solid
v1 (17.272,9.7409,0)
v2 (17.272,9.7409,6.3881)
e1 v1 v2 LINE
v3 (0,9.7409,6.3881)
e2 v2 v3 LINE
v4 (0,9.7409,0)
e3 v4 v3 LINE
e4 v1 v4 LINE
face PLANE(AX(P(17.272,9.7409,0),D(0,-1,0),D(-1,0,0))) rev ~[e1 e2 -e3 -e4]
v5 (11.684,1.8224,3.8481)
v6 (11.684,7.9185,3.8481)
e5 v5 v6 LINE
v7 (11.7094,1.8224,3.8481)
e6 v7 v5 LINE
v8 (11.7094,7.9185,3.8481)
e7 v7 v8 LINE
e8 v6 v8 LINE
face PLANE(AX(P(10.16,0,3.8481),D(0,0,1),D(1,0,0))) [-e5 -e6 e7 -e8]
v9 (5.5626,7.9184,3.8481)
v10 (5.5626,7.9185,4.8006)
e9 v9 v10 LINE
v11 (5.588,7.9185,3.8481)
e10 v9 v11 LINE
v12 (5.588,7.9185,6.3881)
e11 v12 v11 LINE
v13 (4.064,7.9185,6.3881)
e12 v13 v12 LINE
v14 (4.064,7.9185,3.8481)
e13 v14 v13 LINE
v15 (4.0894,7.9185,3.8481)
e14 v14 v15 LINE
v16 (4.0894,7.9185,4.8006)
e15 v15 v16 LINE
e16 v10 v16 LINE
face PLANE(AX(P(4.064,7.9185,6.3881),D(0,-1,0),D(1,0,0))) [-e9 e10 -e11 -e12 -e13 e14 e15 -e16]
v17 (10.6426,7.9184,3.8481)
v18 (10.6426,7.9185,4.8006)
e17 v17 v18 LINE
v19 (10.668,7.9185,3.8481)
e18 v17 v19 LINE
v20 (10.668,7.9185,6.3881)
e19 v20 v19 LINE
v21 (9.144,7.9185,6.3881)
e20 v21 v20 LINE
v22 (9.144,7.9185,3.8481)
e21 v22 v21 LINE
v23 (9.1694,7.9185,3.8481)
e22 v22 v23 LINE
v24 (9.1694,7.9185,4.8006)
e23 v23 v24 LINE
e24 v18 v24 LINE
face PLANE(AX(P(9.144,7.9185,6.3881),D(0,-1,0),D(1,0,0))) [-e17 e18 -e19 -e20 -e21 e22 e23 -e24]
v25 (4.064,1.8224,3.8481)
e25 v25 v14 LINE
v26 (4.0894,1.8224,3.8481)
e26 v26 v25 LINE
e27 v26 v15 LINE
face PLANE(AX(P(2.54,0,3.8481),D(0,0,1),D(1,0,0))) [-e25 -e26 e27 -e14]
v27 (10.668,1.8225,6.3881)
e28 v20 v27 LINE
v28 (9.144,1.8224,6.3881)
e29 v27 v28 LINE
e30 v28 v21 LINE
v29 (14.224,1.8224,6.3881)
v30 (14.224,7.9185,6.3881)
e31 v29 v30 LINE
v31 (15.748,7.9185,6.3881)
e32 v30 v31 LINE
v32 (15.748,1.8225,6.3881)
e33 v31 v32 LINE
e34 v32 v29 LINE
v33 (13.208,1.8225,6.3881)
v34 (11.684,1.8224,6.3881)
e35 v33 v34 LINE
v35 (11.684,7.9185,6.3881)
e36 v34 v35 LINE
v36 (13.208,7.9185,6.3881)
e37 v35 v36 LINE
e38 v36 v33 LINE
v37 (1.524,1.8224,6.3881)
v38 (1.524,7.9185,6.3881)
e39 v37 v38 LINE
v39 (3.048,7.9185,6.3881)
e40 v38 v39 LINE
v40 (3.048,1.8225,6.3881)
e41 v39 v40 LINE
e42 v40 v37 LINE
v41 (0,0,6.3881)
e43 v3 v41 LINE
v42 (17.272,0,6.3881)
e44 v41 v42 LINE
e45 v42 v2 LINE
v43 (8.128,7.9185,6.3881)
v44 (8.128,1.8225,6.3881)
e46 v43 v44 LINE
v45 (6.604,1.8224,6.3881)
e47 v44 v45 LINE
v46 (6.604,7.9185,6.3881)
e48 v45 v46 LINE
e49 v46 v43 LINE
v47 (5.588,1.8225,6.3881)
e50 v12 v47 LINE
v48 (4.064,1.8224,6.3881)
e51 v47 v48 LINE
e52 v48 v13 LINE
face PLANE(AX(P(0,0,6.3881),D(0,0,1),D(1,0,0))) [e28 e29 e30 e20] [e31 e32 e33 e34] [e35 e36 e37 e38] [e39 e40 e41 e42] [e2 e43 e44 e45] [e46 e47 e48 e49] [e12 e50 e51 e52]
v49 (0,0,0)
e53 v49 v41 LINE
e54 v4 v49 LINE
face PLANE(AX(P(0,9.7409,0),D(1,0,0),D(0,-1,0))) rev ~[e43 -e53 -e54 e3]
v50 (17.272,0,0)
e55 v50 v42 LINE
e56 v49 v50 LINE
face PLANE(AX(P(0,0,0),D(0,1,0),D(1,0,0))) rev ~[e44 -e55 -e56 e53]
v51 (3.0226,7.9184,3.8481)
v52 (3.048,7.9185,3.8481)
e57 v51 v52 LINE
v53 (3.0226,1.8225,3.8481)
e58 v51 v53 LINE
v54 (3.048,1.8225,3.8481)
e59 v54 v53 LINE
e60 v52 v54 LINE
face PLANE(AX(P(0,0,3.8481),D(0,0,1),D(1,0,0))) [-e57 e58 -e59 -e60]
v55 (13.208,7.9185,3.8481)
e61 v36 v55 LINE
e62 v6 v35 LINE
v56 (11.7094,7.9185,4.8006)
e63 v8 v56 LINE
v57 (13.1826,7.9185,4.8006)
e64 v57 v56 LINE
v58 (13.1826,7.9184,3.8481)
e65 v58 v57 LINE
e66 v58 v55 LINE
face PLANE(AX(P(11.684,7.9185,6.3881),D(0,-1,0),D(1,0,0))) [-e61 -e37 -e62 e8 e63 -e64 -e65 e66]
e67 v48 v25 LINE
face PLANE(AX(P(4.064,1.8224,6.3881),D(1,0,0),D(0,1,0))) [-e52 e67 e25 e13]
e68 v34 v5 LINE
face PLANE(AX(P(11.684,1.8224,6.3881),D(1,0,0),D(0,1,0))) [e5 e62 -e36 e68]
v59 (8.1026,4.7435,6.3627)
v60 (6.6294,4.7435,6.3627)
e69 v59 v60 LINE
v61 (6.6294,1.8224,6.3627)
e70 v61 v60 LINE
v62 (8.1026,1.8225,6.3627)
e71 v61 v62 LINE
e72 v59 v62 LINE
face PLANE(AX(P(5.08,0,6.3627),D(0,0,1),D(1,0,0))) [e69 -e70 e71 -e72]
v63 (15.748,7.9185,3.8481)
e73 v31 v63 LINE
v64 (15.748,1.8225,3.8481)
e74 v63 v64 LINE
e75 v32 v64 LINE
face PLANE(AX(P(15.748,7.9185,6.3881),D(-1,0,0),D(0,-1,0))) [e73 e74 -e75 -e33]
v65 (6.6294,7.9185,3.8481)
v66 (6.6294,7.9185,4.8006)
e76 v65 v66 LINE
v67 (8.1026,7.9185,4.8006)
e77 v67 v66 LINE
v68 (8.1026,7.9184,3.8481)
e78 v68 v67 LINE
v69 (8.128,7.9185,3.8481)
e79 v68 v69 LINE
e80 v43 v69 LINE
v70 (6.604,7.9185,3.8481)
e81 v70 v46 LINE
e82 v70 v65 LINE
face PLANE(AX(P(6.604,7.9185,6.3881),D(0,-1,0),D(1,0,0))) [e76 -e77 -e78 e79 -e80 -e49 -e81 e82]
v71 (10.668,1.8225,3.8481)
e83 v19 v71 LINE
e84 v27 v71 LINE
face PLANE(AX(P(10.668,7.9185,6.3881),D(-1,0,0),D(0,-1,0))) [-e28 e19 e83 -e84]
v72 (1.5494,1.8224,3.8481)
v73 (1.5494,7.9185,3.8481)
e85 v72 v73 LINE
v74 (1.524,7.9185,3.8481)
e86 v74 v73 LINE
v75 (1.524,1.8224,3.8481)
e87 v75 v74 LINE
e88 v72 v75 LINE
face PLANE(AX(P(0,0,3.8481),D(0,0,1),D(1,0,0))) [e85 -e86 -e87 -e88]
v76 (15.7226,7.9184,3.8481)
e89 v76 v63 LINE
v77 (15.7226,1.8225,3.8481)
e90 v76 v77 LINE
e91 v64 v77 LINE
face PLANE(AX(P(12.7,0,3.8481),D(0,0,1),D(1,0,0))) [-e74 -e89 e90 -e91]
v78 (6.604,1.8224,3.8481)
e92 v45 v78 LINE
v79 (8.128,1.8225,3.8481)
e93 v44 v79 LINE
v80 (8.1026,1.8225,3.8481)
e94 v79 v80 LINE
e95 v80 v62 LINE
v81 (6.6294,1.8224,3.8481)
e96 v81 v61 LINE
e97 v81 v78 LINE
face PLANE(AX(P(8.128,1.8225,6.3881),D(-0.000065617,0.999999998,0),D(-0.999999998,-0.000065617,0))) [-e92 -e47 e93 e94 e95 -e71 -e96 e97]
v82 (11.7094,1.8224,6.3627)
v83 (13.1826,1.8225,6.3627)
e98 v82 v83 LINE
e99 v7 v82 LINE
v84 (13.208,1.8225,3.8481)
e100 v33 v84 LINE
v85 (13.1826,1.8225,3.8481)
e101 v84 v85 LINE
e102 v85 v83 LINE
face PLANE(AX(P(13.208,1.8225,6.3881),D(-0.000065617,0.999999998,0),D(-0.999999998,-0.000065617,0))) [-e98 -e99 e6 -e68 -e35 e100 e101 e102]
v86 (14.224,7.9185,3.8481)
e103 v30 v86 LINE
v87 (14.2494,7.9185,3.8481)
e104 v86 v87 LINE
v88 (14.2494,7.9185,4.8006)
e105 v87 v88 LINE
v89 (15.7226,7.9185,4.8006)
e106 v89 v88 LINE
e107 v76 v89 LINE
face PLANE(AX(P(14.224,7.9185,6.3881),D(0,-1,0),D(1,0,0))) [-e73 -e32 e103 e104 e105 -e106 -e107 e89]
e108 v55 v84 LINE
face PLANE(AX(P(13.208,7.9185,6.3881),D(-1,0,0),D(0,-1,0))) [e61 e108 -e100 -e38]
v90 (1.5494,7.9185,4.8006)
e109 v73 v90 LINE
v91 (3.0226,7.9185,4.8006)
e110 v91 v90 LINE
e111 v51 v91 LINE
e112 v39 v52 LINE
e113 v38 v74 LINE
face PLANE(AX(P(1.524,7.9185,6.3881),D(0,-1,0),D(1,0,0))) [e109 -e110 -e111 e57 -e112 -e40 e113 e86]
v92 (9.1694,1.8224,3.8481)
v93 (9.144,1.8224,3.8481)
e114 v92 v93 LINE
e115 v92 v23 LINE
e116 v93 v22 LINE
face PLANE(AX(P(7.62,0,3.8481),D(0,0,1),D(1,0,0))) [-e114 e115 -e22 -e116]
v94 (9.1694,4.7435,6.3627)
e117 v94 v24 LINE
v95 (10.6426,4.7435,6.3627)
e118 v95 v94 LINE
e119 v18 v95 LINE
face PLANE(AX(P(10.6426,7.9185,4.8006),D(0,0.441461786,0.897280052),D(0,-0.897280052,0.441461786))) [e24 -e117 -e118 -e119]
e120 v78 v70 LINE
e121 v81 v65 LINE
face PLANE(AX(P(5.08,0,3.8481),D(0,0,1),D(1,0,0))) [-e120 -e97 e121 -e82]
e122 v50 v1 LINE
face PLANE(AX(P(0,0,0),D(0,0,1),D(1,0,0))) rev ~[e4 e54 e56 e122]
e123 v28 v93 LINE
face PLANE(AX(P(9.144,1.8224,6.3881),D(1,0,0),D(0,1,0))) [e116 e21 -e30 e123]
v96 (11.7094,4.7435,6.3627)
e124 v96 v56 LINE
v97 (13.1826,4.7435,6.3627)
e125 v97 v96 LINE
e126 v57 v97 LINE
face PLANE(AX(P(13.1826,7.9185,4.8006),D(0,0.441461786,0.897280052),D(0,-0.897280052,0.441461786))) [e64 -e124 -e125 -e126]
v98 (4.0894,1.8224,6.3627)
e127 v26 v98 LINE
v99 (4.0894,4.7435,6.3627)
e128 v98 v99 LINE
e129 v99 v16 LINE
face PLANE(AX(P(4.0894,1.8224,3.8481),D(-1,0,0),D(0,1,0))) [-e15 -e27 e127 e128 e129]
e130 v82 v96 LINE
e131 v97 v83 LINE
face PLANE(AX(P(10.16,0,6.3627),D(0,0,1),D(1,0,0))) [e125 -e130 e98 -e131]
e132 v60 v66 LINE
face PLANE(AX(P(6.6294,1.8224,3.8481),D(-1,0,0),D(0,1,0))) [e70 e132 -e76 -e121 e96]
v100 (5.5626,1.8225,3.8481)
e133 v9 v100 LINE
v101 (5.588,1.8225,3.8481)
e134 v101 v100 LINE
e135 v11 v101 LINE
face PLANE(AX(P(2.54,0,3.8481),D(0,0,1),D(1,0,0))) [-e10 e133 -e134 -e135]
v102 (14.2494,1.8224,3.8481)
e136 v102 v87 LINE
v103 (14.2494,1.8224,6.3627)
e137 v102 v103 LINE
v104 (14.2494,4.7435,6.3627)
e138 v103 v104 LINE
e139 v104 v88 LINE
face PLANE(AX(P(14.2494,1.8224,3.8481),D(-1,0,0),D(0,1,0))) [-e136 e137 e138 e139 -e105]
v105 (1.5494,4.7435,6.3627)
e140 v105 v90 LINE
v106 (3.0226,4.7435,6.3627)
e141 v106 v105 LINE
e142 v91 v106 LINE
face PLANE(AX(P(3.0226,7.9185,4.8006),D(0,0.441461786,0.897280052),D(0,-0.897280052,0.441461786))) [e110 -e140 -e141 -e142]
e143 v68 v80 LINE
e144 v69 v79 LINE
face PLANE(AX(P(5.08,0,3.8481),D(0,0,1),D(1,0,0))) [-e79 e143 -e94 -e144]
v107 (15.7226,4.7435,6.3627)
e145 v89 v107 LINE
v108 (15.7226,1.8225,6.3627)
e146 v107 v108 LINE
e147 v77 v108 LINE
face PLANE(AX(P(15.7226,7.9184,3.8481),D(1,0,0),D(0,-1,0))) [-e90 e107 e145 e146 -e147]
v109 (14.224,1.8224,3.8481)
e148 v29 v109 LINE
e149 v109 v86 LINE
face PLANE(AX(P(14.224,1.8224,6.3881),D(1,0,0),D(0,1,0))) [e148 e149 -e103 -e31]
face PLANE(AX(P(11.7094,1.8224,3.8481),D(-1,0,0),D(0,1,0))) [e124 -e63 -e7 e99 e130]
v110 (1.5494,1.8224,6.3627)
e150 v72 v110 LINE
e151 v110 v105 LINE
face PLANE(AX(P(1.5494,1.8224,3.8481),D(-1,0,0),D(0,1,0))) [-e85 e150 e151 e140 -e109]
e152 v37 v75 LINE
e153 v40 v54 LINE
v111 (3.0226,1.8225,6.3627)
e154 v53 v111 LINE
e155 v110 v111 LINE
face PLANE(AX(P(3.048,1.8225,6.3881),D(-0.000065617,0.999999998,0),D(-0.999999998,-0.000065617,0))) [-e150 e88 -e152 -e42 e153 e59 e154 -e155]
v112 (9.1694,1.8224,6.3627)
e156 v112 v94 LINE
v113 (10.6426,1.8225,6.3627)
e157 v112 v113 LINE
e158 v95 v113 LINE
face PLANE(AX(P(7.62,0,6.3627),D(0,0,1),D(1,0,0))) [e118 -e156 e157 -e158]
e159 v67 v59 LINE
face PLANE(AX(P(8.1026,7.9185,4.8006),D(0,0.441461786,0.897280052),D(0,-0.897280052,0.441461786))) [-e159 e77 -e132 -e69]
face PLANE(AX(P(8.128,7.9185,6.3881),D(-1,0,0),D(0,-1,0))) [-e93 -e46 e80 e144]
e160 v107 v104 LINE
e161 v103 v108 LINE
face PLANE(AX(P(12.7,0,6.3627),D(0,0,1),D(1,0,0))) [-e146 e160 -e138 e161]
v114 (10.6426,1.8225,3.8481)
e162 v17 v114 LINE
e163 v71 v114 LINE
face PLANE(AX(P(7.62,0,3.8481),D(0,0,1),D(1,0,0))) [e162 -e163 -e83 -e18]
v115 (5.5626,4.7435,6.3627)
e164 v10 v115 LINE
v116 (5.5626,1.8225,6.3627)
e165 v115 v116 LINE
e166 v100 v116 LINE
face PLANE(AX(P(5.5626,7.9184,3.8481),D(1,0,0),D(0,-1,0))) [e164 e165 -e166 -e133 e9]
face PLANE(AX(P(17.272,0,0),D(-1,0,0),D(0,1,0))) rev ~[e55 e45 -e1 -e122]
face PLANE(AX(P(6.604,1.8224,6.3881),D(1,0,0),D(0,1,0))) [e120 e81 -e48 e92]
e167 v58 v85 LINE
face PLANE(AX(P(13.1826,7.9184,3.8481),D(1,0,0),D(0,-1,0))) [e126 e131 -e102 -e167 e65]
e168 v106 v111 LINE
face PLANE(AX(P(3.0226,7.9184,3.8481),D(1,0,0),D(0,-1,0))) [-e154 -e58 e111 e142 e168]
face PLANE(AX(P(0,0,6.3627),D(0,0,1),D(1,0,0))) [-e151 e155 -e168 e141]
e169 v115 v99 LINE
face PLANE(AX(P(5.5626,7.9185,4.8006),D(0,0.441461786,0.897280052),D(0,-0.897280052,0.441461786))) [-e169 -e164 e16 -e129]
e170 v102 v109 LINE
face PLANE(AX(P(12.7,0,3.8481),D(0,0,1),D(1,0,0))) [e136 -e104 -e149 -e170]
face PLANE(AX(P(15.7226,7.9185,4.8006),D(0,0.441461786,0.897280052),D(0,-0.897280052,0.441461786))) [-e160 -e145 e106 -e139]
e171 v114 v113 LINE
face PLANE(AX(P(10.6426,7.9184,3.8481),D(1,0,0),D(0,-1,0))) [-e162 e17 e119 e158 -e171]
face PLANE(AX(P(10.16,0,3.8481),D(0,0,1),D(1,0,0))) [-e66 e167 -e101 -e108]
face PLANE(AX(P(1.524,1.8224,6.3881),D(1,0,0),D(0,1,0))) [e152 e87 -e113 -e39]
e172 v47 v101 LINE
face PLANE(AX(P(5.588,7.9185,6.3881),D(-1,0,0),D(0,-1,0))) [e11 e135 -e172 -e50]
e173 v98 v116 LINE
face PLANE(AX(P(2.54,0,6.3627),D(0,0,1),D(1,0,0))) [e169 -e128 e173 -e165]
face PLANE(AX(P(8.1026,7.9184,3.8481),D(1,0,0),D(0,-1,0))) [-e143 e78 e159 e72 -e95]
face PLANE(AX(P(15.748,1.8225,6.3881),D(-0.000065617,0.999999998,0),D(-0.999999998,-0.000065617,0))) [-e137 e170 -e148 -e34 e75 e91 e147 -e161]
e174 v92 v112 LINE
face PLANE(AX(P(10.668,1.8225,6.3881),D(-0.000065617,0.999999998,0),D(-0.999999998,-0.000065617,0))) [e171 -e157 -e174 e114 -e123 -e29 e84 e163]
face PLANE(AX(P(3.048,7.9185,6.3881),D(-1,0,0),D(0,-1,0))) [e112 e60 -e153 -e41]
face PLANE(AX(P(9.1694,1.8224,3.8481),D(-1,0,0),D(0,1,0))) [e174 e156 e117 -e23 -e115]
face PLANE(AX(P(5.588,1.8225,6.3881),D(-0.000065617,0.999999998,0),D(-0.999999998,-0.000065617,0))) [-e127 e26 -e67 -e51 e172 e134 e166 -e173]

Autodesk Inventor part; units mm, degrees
ref_plane "YZ Plane" through (0, 0, 0) normal (1, 0, 0) x (0, 1, 0)
ref_plane "XZ Plane" through (0, 0, 0) normal (0, 1, 0) x (-1, 0, 0)
ref_plane "XY Plane" through (0, 0, 0) normal (0, 0, 1) x (1, 0, 0)
sketch "Sketch1" plane through (0, 0, 0) normal (0, 0, 1) x (1, 0, 0)
  line L0 (0, 0) -> (17.272, 0)
  line L1 (17.272, 0) -> (17.272, 9.7409)
  line L2 (17.272, 9.7409) -> (0, 9.7409)
  line L3 (0, 9.7409) -> (0, 0)
  dimension "d0" = 9.7409
  dimension "d1" = 17.272
extrude "Extrusion1" add sketch "Sketch1" along normal blind 6.3881
sketch "Sketch2" plane through (0, 0, 6.3881) normal (0, 0, 1) x (1, 0, 0)
  line L0 (0, 0) -> (0, 9.7409)
  line L1 (17.272, 0) -> (0, 0)
  line L2 (0, 9.7409) -> (17.272, 9.7409)
  line L3 (1.524, 7.9185) -> (3.048, 7.9185)
  line L4 (3.048, 7.9185) -> (3.048, 1.8225)
  line L5 (3.048, 1.8225) -> (1.524, 1.8224)
  line L6 (1.524, 1.8224) -> (1.524, 7.9185)
  line L7 (3.048, 7.9185) -> (3.048, 9.7409)
  line L8 (1.524, 1.8224) -> (1.524, 0)
  dimension "d4" = 1.524
  dimension "d5" = 6.096
  dimension "d7" = 1.524
extrude "Extrusion2" cut sketch "Sketch2" against normal blind 2.54 contours L6 L3 L4 L5
sketch "Sketch6" plane through (0, 0, 3.8481) normal (0, 0, 1) x (1, 0, 0)
  line L0 (1.524, 1.8224) -> (3.048, 1.8225)
  line L1 (3.048, 1.8225) -> (3.048, 7.9185)
  line L2 (3.048, 7.9185) -> (1.524, 7.9185)
  line L3 (1.524, 7.9185) -> (1.524, 1.8224)
  line L4 (1.5494, 7.9185) -> (3.0226, 7.9184)
  line L5 (3.0226, 7.9184) -> (3.0226, 1.8225)
  line L6 (3.0226, 1.8225) -> (1.5494, 1.8224)
  line L7 (1.5494, 1.8224) -> (1.5494, 7.9185)
  line L8 (1.5494, 4.8704) -> (1.524, 4.8705) construction
  line L9 (3.0226, 4.8704) -> (3.048, 4.8704) construction
  dimension "d38" = 0.0254
extrude "Extrusion6" add sketch "Sketch6" along normal blind 2.5146 contours L7 L2 L5 L0
sketch "Sketch7" plane through (3.0226, 1.8225, 3.8481) normal (1, 0, 0) x (0, 0, -1)
  line L0 (-2.5146, 6.096) -> (-2.5146, 0) projected
  line L1 (-2.5146, 6.096) -> (0, 6.096) projected
  line L2 (-0.9525, 6.096) -> (-2.5146, 2.921)
  point P0 (-2.54, 6.096)
  dimension "d41" = 3.175
  dimension "d42" = 1.5875
extrude "Extrusion7" cut sketch "Sketch7" against normal up to surface (1.4986 mm away)
pattern_linear "Rectangular Pattern5" count 6 spacing 2.54 along (1, 0, 0) of "Extrusion2"
pattern_linear "Rectangular Pattern6" count 6 spacing 2.54 along (1, 0, 0) of "Extrusion6", "Extrusion7"
properties part number "cRIO-FRC DIP Switch" material "ABS Plastic"
